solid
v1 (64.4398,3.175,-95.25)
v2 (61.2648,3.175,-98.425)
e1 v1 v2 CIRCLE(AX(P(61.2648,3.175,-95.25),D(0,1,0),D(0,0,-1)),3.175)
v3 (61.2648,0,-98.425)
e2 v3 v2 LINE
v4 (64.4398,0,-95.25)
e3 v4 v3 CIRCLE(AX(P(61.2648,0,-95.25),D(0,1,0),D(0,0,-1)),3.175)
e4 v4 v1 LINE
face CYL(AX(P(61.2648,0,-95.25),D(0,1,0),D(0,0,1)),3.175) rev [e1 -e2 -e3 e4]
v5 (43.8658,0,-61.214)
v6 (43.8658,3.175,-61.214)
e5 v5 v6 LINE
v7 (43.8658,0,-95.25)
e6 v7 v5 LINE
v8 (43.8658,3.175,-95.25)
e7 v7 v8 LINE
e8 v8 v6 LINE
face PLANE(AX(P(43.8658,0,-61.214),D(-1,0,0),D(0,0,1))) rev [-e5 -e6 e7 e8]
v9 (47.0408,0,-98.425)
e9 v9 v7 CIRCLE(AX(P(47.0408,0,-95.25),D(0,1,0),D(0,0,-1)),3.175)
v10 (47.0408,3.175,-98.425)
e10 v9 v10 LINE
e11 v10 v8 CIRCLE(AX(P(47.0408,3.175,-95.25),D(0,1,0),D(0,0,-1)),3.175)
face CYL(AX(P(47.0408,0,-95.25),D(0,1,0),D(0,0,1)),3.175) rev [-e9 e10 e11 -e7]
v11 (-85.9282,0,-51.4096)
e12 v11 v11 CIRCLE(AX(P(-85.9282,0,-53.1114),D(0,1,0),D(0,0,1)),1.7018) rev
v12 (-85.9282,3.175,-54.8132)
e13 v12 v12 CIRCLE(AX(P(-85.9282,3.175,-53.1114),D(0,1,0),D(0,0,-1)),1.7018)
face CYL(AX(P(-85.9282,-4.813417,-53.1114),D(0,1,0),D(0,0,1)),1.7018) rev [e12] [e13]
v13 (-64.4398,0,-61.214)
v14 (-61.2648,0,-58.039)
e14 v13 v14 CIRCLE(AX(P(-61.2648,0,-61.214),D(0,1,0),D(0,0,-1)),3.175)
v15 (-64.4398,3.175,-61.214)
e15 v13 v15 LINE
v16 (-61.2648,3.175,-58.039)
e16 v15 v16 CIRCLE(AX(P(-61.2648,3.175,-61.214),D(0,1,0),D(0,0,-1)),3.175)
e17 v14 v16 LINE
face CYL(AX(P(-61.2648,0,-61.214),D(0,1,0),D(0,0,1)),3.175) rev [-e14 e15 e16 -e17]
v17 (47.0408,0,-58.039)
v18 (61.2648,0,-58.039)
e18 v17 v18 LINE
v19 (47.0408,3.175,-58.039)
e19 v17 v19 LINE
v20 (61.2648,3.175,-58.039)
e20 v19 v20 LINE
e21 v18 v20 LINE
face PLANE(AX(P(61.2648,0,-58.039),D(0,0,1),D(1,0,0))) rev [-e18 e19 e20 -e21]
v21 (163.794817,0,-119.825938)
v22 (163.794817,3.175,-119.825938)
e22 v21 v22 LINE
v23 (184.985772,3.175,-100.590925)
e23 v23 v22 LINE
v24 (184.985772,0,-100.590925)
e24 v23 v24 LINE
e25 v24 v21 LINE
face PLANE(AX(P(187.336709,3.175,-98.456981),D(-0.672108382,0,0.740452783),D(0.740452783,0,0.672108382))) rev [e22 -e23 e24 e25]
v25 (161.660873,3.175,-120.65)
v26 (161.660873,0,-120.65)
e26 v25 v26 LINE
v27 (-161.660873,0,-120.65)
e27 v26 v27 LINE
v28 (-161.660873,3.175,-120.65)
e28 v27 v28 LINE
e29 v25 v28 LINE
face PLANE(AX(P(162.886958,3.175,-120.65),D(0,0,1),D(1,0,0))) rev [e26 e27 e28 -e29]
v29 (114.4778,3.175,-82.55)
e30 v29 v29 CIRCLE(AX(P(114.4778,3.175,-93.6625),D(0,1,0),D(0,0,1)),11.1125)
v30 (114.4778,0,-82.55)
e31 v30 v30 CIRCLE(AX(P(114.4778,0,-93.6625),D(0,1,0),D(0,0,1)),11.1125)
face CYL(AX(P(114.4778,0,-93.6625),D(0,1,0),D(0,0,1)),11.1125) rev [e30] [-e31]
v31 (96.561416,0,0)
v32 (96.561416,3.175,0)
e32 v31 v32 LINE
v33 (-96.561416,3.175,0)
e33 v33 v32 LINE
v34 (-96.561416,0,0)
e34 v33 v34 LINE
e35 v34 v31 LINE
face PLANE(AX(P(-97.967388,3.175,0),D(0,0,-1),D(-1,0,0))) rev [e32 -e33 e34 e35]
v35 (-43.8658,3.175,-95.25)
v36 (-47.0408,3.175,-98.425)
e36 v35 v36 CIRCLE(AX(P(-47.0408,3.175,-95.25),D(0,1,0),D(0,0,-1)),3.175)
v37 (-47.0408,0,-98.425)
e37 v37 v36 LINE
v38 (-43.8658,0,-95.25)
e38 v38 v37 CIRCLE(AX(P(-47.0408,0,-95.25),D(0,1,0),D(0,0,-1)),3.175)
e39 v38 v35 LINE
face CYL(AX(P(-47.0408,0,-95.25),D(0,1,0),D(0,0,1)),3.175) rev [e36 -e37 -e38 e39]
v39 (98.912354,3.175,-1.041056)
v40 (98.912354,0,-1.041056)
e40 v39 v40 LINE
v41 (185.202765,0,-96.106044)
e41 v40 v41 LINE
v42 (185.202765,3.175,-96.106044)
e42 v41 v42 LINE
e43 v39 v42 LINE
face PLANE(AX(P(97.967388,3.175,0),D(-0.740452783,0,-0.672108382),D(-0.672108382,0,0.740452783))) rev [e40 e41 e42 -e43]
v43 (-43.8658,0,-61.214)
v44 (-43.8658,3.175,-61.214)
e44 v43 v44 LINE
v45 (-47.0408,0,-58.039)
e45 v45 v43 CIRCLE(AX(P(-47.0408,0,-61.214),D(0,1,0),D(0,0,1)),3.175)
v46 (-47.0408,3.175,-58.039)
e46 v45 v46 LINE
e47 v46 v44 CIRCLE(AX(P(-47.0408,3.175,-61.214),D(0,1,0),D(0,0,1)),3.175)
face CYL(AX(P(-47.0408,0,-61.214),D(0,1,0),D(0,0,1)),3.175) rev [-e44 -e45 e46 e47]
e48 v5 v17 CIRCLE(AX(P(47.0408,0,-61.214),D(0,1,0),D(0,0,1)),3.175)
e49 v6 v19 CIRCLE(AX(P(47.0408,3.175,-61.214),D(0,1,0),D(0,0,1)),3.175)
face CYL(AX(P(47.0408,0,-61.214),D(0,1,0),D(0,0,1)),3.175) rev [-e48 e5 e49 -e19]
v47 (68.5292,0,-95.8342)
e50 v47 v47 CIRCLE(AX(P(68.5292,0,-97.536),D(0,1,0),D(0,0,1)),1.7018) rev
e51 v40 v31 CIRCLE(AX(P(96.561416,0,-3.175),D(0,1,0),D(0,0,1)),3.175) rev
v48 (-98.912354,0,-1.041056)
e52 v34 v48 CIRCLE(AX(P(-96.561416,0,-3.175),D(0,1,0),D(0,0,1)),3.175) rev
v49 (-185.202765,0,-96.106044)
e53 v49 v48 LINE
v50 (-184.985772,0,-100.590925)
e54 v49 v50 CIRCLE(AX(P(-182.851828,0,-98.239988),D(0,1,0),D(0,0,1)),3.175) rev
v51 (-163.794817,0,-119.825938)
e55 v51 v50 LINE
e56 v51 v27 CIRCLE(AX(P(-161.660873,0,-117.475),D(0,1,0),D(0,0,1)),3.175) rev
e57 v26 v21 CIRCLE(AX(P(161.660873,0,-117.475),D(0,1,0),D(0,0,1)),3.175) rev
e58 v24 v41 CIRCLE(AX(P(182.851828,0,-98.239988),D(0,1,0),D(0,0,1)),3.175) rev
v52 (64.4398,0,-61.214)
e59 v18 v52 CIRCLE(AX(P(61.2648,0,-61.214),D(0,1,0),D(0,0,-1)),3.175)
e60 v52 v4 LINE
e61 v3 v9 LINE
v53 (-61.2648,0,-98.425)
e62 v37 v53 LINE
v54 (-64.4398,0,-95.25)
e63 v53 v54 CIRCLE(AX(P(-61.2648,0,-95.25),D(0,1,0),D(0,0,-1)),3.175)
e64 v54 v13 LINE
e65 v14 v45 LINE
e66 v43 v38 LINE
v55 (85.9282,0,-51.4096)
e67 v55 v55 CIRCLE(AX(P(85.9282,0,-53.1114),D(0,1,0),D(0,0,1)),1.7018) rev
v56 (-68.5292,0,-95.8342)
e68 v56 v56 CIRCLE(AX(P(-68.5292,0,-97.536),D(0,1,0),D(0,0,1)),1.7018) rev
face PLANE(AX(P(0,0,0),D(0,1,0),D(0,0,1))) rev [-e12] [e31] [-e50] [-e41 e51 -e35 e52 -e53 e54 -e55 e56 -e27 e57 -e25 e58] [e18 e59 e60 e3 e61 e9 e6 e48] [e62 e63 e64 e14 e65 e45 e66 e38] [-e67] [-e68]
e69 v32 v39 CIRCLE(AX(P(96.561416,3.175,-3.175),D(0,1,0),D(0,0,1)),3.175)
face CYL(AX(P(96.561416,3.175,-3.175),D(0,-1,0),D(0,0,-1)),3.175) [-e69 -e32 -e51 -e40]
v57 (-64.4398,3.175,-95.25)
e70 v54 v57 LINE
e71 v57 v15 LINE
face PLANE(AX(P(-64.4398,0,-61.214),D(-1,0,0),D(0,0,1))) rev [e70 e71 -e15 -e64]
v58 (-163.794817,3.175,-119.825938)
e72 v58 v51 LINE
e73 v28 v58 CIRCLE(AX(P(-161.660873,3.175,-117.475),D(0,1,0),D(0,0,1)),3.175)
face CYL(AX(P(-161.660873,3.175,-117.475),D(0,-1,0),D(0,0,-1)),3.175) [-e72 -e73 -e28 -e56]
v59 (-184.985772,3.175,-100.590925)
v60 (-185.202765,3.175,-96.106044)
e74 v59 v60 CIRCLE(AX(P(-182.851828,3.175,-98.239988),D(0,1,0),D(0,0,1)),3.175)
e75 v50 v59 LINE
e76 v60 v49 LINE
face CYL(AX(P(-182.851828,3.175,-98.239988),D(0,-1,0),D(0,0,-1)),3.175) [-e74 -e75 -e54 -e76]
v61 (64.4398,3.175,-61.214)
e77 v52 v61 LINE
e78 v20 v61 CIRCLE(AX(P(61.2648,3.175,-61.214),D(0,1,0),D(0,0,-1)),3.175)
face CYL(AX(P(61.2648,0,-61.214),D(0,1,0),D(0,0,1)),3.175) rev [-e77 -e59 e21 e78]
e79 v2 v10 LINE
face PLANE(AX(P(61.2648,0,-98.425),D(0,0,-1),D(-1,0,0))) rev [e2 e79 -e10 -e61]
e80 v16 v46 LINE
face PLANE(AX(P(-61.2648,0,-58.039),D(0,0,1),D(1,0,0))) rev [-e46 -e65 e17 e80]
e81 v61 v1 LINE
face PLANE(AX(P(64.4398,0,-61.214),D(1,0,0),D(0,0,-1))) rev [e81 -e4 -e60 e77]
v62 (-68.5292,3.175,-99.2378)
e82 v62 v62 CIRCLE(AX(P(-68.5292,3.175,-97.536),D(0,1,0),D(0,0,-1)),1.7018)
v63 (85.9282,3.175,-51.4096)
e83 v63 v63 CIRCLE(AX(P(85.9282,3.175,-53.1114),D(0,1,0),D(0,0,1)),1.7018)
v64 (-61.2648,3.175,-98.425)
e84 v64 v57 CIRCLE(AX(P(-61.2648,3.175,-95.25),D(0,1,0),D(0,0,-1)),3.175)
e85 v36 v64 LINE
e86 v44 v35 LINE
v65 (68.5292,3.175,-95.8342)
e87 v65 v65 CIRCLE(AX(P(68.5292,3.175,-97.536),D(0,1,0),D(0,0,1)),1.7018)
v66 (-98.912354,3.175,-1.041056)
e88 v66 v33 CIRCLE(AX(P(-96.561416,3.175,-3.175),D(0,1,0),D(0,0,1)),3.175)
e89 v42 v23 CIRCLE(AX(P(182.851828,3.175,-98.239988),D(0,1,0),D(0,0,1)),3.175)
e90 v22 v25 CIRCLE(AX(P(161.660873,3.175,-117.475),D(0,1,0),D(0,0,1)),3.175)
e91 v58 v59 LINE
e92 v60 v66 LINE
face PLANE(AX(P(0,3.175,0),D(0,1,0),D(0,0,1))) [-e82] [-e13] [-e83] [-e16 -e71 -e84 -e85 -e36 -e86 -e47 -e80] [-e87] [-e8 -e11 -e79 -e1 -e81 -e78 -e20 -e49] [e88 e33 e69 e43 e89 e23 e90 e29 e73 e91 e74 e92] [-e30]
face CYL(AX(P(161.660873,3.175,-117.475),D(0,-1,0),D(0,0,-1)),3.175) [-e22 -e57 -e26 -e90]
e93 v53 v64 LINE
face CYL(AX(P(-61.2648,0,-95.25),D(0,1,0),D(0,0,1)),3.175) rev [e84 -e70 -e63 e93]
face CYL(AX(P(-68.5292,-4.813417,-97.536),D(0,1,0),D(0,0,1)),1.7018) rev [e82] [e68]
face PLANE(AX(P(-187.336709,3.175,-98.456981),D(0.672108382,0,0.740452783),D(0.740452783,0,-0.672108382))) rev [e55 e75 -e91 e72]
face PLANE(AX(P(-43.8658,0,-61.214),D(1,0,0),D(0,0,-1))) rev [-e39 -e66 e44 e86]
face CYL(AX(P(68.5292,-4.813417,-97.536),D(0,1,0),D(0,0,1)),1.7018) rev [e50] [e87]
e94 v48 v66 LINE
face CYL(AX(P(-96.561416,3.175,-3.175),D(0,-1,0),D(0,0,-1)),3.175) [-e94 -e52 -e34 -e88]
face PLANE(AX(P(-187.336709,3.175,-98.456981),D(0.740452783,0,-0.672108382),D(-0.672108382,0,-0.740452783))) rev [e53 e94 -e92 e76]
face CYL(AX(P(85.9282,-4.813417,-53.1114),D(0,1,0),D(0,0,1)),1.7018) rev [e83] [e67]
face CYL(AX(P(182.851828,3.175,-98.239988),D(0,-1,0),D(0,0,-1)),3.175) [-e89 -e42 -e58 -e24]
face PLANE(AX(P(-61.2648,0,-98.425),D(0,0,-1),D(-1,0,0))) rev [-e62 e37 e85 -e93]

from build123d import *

# Parameters (mm, degrees)
BOSS_EXTRUDE1_DEPTH = 3.175
CUT_EXTRUDE1_DEPTH  = 223.848706048
SKETCH3_R           = 1.7018
CUT_EXTRUDE2_DEPTH  = 3.175
FILLET1_R           = 3.175
SKETCH4_R           = 11.1125
CUT_EXTRUDE3_DEPTH  = 222.748694977


with BuildPart() as part:
    # Sketch1 → Boss-Extrude1 (new body)
    with BuildSketch(Plane(origin=(0, 0, 0), x_dir=(1, 0, 0), z_dir=(0, 1, 0))):
        Polygon((-97.967388467, 0), (97.967388467, 0), (187.33670933, 98.456981239), (162.886958446, 120.65), (-162.886958446, 120.65), (-187.33670933, 98.456981239), align=None)
    extrude(amount=BOSS_EXTRUDE1_DEPTH)

    # Sketch2 → Cut-Extrude1 (cut, through all)
    with BuildSketch(Plane(origin=(0, 3.175, 0), x_dir=(1, 0, 0), z_dir=(0, 1, 0))):
        with BuildLine():
            Line((-61.2648, 58.039), (-47.0408, 58.039))
            ThreePointArc((-47.0408, 58.039), (-44.79573597, 58.96893597), (-43.8658, 61.214))
            Line((-43.8658, 61.214), (-43.8658, 95.25))
            ThreePointArc((-43.8658, 95.25), (-44.79573597, 97.49506403), (-47.0408, 98.425))
            Line((-47.0408, 98.425), (-61.2648, 98.425))
            ThreePointArc((-61.2648, 98.425), (-63.50986403, 97.49506403), (-64.4398, 95.25))
            Line((-64.4398, 95.25), (-64.4398, 61.214))
            ThreePointArc((-64.4398, 61.214), (-63.50986403, 58.96893597), (-61.2648, 58.039))
        make_face()
        with BuildLine():
            Line((43.8658, 61.214), (43.8658, 95.25))
            ThreePointArc((43.8658, 95.25), (44.79573597, 97.49506403), (47.0408, 98.425))
            Line((47.0408, 98.425), (61.2648, 98.425))
            ThreePointArc((61.2648, 98.425), (63.50986403, 97.49506403), (64.4398, 95.25))
            Line((64.4398, 95.25), (64.4398, 61.214))
            ThreePointArc((64.4398, 61.214), (63.50986403, 58.96893597), (61.2648, 58.039))
            Line((61.2648, 58.039), (47.0408, 58.039))
            ThreePointArc((47.0408, 58.039), (44.79573597, 58.96893597), (43.8658, 61.214))
        make_face()
    extrude(amount=-CUT_EXTRUDE1_DEPTH, mode=Mode.SUBTRACT)

    # Sketch3 → Cut-Extrude2 (cut)
    with BuildSketch(Plane(origin=(0, 3.175, 0), x_dir=(1, 0, 0), z_dir=(0, 1, 0))):
        with Locations(Location((68.5292, 97.536, 0), (0, 0, 270))):
            Circle(SKETCH3_R)
        with Locations(Location((85.9282, 53.1114, 0), (0, 0, 270))):
            Circle(SKETCH3_R)
        with Locations(Location((-85.9282, 53.1114, 0), (0, 0, 270))):
            Circle(SKETCH3_R)
        with Locations(Location((-68.5292, 97.536, 0), (0, 0, 270))):
            Circle(SKETCH3_R)
    extrude(amount=-CUT_EXTRUDE2_DEPTH, mode=Mode.SUBTRACT)

    # Fillet1
    fillet1_edges = [part.edges().sort_by_distance(p)[0] for p in [
        (-187.33670933, 1.5875, -98.456981239),
        (-162.886958446, 1.5875, -120.65),
        (162.886958446, 1.5875, -120.65),
        (187.33670933, 1.5875, -98.456981239),
        (97.967388467, 1.5875, 0),
        (-97.967388467, 1.5875, 0),
    ]]
    fillet(fillet1_edges, radius=FILLET1_R)

    # Sketch4 → Cut-Extrude3 (cut, through all)
    with BuildSketch(Plane(origin=(0, 3.175, 0), x_dir=(1, 0, 0), z_dir=(0, 1, 0))):
        with Locations(Location((114.4778, 93.6625, 0), (0, 0, 270))):
            Circle(SKETCH4_R)
    extrude(amount=-CUT_EXTRUDE3_DEPTH, mode=Mode.SUBTRACT)


solid = part.part
